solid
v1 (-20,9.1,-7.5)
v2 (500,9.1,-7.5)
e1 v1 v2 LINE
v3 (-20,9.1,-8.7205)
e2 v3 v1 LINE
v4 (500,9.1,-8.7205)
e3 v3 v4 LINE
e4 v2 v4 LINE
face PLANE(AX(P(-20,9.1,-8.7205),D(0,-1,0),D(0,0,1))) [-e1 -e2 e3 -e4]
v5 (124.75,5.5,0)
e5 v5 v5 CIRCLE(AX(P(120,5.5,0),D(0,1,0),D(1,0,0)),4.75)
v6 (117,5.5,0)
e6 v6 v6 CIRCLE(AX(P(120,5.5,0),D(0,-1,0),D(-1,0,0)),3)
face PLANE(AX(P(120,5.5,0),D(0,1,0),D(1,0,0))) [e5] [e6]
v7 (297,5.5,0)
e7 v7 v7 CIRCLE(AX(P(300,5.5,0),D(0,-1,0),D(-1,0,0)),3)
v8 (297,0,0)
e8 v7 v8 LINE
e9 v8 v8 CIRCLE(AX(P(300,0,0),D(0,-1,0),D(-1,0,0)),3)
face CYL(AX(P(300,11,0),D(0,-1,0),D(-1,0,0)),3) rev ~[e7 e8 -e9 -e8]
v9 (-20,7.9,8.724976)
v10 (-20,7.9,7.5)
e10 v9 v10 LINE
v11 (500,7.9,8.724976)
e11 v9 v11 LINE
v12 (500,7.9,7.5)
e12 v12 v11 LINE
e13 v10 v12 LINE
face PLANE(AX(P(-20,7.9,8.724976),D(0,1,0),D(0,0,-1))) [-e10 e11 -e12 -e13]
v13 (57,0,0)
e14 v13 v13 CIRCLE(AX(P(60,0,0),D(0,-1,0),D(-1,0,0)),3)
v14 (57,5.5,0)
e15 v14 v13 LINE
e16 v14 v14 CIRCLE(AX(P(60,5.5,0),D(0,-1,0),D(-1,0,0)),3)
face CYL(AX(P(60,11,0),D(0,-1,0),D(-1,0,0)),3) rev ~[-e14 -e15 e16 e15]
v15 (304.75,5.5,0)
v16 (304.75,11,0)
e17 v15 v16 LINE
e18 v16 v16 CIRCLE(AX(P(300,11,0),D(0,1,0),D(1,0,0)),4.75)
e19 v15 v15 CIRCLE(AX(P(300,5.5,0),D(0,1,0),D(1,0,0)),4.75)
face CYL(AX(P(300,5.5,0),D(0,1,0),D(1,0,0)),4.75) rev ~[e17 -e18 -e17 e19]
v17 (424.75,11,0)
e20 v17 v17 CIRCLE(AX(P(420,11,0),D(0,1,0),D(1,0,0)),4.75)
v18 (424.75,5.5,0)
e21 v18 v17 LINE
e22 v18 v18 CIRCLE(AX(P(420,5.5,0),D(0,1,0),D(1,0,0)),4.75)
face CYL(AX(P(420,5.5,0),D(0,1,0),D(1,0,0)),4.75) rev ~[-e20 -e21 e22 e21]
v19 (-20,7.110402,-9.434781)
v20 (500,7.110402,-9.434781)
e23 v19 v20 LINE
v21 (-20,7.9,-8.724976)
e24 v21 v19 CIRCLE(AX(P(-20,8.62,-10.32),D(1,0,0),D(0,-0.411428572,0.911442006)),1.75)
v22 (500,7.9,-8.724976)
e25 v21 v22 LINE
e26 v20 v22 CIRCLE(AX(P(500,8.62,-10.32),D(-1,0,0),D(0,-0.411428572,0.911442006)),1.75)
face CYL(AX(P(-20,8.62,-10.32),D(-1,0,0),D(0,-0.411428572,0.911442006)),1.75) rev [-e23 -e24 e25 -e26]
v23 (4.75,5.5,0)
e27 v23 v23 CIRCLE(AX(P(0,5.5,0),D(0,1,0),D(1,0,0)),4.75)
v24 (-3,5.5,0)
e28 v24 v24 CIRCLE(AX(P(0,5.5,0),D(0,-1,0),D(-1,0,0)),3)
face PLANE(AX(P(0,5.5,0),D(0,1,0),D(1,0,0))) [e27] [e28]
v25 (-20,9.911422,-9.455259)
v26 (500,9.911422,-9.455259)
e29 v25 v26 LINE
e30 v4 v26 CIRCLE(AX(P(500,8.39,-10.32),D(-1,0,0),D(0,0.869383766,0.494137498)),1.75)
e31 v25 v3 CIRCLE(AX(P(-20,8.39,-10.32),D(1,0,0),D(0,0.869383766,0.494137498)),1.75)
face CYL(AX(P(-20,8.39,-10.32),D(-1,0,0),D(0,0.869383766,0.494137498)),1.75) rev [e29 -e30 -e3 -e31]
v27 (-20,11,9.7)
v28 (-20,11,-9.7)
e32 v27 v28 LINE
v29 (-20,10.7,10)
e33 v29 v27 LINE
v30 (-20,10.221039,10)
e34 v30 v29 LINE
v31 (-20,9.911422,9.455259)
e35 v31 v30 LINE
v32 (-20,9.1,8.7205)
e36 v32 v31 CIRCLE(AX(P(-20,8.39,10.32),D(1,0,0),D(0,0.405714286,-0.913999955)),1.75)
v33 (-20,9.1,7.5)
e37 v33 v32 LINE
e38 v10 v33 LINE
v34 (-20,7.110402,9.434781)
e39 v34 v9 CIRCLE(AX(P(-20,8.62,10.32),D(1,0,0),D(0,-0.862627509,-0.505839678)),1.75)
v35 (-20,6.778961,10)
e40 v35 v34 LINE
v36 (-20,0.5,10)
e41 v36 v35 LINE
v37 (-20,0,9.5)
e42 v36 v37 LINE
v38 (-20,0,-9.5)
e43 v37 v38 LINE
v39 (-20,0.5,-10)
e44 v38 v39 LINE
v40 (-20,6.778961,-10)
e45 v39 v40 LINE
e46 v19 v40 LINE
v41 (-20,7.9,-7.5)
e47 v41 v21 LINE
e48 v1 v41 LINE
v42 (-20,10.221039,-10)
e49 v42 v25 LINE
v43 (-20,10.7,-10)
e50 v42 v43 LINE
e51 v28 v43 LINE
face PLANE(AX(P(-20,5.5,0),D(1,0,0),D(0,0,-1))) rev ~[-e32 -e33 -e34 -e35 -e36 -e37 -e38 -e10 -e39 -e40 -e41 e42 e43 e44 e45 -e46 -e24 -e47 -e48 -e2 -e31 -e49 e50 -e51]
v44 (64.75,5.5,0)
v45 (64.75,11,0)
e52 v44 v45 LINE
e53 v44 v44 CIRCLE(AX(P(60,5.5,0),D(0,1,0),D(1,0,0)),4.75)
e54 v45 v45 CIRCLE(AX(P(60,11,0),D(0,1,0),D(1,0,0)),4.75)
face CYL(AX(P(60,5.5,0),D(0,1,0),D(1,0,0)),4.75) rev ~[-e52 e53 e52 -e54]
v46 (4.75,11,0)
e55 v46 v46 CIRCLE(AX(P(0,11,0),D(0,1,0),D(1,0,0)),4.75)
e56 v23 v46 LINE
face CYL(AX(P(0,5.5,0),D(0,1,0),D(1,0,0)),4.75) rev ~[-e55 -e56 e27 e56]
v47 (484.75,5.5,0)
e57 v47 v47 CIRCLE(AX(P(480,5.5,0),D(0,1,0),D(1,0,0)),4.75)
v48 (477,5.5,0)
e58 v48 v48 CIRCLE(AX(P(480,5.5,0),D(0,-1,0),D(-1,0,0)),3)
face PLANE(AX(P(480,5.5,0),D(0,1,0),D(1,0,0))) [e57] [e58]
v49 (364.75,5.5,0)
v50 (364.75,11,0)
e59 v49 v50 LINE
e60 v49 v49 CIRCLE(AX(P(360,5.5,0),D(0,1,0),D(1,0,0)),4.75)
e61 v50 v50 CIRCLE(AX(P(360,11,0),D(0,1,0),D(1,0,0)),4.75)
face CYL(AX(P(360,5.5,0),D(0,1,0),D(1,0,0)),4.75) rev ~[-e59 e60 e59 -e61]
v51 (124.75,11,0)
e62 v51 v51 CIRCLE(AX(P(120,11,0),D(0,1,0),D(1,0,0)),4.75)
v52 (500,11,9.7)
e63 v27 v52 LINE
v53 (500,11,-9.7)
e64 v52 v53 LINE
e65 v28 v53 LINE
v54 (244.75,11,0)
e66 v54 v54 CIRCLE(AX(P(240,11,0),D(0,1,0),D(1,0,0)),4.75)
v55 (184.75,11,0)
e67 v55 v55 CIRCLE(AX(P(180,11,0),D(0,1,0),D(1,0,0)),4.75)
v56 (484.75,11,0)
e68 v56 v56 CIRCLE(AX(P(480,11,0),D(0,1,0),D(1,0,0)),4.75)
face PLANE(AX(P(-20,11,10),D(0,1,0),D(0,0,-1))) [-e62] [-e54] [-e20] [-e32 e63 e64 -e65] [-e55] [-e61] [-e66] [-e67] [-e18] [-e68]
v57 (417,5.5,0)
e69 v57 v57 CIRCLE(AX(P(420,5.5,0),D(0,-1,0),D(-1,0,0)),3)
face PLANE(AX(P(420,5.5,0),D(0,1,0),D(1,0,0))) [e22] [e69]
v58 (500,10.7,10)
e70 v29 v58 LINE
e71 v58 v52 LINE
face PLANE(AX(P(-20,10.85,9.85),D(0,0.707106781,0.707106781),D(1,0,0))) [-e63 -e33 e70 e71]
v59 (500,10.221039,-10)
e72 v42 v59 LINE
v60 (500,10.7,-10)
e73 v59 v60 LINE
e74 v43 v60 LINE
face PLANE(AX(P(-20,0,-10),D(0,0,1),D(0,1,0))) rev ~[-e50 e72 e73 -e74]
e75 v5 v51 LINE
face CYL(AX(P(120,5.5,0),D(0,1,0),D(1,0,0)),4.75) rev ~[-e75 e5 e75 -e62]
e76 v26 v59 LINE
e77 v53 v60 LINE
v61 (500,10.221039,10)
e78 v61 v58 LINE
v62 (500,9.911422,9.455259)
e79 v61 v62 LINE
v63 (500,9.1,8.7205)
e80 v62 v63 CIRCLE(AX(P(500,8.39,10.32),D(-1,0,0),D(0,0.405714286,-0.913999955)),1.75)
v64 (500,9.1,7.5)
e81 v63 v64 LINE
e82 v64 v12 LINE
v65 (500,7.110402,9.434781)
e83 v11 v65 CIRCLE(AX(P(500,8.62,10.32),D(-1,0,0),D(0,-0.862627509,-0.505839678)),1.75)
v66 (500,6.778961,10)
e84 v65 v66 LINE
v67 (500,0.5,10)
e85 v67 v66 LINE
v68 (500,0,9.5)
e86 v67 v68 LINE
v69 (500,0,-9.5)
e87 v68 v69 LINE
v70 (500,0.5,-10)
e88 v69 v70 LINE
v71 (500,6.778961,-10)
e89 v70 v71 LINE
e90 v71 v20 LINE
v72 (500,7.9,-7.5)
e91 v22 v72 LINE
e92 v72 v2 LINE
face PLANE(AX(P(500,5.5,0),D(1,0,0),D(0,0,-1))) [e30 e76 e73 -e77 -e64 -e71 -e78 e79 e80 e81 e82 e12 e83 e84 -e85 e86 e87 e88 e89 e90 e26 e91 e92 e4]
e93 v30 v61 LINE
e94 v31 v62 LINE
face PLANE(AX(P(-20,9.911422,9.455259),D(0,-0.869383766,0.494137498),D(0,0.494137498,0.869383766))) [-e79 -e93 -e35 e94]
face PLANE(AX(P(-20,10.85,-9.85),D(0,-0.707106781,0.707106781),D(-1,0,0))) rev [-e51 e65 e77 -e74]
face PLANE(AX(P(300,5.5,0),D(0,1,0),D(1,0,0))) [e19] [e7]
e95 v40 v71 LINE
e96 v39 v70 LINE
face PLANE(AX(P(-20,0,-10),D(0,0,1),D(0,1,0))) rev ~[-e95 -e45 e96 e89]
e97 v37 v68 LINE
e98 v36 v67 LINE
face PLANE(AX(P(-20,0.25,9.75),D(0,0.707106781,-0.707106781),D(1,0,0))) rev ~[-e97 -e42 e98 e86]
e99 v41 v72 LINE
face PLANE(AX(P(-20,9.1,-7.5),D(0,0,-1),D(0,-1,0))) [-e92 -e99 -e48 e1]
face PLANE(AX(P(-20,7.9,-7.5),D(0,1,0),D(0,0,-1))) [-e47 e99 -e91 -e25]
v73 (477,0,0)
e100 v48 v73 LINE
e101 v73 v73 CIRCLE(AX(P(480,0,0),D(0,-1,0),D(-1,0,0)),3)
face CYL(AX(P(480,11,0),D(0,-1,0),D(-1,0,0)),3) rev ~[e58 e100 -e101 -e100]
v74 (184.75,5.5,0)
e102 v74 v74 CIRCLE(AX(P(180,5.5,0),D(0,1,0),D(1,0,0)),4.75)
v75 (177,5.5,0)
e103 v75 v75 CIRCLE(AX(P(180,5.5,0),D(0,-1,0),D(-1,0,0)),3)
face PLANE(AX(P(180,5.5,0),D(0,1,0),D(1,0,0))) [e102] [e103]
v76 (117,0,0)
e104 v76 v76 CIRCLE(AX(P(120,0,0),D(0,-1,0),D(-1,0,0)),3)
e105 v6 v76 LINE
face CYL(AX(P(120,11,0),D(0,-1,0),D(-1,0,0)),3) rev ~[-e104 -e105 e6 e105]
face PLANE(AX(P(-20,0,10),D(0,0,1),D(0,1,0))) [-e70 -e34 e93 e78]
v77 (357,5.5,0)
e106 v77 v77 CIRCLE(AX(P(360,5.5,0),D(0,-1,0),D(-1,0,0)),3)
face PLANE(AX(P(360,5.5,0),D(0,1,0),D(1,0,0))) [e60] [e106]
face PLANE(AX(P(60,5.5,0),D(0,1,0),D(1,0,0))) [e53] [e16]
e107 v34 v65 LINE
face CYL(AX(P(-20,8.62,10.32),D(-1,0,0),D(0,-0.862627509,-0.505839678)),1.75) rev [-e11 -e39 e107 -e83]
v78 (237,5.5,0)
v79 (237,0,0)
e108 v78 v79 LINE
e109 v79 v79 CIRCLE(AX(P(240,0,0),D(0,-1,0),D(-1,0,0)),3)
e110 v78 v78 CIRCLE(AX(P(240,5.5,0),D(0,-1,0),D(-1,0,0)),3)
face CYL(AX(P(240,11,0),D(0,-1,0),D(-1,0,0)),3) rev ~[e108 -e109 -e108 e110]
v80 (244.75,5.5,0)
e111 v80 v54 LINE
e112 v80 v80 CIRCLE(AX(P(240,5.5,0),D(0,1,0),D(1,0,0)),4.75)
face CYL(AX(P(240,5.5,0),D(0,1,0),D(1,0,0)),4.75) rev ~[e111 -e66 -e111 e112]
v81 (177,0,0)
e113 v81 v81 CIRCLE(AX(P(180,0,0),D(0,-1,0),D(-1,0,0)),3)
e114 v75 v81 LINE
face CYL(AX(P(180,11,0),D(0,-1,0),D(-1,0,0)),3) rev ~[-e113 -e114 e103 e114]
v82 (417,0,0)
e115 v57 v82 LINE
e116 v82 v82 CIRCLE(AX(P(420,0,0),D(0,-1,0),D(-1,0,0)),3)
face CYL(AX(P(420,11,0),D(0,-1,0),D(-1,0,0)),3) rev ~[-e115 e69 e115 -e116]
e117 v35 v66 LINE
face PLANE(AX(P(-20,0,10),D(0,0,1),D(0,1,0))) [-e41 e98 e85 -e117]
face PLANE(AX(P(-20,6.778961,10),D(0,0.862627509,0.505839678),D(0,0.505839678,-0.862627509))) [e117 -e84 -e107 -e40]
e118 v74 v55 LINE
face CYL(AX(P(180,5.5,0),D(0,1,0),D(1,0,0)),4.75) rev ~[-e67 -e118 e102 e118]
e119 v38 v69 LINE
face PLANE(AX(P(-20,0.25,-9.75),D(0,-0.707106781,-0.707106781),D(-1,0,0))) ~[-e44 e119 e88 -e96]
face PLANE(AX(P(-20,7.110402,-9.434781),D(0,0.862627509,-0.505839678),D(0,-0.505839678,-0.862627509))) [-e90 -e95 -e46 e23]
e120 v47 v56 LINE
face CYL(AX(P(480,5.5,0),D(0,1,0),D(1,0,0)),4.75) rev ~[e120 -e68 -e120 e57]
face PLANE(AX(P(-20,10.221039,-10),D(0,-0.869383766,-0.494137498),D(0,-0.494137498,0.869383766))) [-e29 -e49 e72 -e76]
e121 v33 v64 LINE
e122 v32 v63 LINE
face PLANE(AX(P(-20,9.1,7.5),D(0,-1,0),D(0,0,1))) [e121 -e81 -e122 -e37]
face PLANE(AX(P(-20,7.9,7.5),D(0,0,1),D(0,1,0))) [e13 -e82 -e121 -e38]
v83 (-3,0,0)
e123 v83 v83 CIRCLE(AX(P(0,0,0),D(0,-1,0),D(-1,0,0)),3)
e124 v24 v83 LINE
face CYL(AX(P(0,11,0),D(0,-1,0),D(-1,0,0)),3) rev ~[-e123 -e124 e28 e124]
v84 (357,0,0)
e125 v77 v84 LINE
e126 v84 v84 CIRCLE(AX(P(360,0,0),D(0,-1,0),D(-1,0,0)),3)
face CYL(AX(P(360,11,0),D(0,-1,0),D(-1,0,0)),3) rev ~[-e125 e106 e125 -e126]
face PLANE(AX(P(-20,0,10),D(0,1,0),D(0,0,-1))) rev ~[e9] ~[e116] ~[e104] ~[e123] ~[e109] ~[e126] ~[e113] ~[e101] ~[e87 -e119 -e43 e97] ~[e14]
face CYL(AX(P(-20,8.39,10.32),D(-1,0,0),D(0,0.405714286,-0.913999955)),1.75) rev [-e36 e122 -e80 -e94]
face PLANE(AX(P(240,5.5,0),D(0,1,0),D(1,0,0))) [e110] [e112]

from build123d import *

# Parameters (mm, degrees)
SKETCH1_W                                    = 20
SKETCH1_H                                    = 11
BOSS_EXTRUDE1_DEPTH                          = 520
CUT_EXTRUDE1_DEPTH                           = 521
CBORE_FOR_SOCKET_HEAD_CAP_SCREW1_D           = 6
CBORE_FOR_SOCKET_HEAD_CAP_SCREW1_CBORE_D     = 9.5
CBORE_FOR_SOCKET_HEAD_CAP_SCREW1_CBORE_DEPTH = 5.5
LPATTERN1_COUNT                              = 9
LPATTERN1_PITCH                              = 60
CHAMFER1_SIZE                                = 0.3
CHAMFER2_SIZE                                = 0.5


with BuildPart() as part:
    # Sketch1 → Boss-Extrude1 (new body)
    with BuildSketch(Plane(origin=(-20, 0, 0), x_dir=(0, 0, -1), z_dir=(1, 0, 0))):
        with Locations((0, 5.5)):
            Rectangle(SKETCH1_W, SKETCH1_H)
    extrude(amount=BOSS_EXTRUDE1_DEPTH)

    # Sketch2 → Cut-Extrude1 (cut, through all)
    with BuildSketch(Plane(origin=(-20, 0, 0), x_dir=(0, 0, -1), z_dir=(1, 0, 0))):
        with BuildLine():
            Line((10, 10.221039482), (9.455259378, 9.911421591))
            ThreePointArc((9.455259378, 9.911421591), (9.0228024, 9.564639684), (8.720500078, 9.1))
            Line((8.720500078, 9.1), (7.5, 9.1))
            Line((7.5, 9.1), (7.5, 7.9))
            Line((7.5, 7.9), (8.724976489, 7.9))
            ThreePointArc((8.724976489, 7.9), (9.018551739, 7.450071616), (9.434780564, 7.110401858))
            Line((9.434780564, 7.110401858), (10, 6.778960518))
            Line((10, 6.778960518), (10, 10.221039482))
        make_face()
        with BuildLine():
            Line((-10, 10.221039482), (-10, 6.778960518))
            Line((-10, 6.778960518), (-9.434780564, 7.110401858))
            ThreePointArc((-9.434780564, 7.110401858), (-9.018551739, 7.450071616), (-8.724976489, 7.9))
            Line((-8.724976489, 7.9), (-7.5, 7.9))
            Line((-7.5, 7.9), (-7.5, 9.1))
            Line((-7.5, 9.1), (-8.720500078, 9.1))
            ThreePointArc((-8.720500078, 9.1), (-9.0228024, 9.564639684), (-9.455259378, 9.911421591))
            Line((-9.455259378, 9.911421591), (-10, 10.221039482))
        make_face()
    extrude(amount=CUT_EXTRUDE1_DEPTH, mode=Mode.SUBTRACT)

    # CBORE for Socket Head Cap Screw1 (through all)
    with Locations(Plane(origin=(0, 11, 0), x_dir=(1, 0, 0), z_dir=(0, 1, 0))):
        with Locations((0, 0)):
            cbore_for_socket_head_cap_screw1 = CounterBoreHole(CBORE_FOR_SOCKET_HEAD_CAP_SCREW1_D / 2, CBORE_FOR_SOCKET_HEAD_CAP_SCREW1_CBORE_D / 2, CBORE_FOR_SOCKET_HEAD_CAP_SCREW1_CBORE_DEPTH)

    # LPattern1: CBORE for Socket Head Cap Screw1 ×9
    with Locations(*[(i * LPATTERN1_PITCH, 0, 0) for i in range(1, LPATTERN1_COUNT)]):
        add(cbore_for_socket_head_cap_screw1, mode=Mode.SUBTRACT)

    # Chamfer1
    chamfer1_edges = [part.edges().sort_by_distance(p)[0] for p in [
        (240, 11, 10),
        (240, 11, -10),
    ]]
    chamfer(chamfer1_edges, length=CHAMFER1_SIZE)

    # Chamfer2
    chamfer2_edges = [part.edges().sort_by_distance(p)[0] for p in [
        (240, 0, -10),
        (240, 0, 10),
    ]]
    chamfer(chamfer2_edges, length=CHAMFER2_SIZE)


solid = part.part
